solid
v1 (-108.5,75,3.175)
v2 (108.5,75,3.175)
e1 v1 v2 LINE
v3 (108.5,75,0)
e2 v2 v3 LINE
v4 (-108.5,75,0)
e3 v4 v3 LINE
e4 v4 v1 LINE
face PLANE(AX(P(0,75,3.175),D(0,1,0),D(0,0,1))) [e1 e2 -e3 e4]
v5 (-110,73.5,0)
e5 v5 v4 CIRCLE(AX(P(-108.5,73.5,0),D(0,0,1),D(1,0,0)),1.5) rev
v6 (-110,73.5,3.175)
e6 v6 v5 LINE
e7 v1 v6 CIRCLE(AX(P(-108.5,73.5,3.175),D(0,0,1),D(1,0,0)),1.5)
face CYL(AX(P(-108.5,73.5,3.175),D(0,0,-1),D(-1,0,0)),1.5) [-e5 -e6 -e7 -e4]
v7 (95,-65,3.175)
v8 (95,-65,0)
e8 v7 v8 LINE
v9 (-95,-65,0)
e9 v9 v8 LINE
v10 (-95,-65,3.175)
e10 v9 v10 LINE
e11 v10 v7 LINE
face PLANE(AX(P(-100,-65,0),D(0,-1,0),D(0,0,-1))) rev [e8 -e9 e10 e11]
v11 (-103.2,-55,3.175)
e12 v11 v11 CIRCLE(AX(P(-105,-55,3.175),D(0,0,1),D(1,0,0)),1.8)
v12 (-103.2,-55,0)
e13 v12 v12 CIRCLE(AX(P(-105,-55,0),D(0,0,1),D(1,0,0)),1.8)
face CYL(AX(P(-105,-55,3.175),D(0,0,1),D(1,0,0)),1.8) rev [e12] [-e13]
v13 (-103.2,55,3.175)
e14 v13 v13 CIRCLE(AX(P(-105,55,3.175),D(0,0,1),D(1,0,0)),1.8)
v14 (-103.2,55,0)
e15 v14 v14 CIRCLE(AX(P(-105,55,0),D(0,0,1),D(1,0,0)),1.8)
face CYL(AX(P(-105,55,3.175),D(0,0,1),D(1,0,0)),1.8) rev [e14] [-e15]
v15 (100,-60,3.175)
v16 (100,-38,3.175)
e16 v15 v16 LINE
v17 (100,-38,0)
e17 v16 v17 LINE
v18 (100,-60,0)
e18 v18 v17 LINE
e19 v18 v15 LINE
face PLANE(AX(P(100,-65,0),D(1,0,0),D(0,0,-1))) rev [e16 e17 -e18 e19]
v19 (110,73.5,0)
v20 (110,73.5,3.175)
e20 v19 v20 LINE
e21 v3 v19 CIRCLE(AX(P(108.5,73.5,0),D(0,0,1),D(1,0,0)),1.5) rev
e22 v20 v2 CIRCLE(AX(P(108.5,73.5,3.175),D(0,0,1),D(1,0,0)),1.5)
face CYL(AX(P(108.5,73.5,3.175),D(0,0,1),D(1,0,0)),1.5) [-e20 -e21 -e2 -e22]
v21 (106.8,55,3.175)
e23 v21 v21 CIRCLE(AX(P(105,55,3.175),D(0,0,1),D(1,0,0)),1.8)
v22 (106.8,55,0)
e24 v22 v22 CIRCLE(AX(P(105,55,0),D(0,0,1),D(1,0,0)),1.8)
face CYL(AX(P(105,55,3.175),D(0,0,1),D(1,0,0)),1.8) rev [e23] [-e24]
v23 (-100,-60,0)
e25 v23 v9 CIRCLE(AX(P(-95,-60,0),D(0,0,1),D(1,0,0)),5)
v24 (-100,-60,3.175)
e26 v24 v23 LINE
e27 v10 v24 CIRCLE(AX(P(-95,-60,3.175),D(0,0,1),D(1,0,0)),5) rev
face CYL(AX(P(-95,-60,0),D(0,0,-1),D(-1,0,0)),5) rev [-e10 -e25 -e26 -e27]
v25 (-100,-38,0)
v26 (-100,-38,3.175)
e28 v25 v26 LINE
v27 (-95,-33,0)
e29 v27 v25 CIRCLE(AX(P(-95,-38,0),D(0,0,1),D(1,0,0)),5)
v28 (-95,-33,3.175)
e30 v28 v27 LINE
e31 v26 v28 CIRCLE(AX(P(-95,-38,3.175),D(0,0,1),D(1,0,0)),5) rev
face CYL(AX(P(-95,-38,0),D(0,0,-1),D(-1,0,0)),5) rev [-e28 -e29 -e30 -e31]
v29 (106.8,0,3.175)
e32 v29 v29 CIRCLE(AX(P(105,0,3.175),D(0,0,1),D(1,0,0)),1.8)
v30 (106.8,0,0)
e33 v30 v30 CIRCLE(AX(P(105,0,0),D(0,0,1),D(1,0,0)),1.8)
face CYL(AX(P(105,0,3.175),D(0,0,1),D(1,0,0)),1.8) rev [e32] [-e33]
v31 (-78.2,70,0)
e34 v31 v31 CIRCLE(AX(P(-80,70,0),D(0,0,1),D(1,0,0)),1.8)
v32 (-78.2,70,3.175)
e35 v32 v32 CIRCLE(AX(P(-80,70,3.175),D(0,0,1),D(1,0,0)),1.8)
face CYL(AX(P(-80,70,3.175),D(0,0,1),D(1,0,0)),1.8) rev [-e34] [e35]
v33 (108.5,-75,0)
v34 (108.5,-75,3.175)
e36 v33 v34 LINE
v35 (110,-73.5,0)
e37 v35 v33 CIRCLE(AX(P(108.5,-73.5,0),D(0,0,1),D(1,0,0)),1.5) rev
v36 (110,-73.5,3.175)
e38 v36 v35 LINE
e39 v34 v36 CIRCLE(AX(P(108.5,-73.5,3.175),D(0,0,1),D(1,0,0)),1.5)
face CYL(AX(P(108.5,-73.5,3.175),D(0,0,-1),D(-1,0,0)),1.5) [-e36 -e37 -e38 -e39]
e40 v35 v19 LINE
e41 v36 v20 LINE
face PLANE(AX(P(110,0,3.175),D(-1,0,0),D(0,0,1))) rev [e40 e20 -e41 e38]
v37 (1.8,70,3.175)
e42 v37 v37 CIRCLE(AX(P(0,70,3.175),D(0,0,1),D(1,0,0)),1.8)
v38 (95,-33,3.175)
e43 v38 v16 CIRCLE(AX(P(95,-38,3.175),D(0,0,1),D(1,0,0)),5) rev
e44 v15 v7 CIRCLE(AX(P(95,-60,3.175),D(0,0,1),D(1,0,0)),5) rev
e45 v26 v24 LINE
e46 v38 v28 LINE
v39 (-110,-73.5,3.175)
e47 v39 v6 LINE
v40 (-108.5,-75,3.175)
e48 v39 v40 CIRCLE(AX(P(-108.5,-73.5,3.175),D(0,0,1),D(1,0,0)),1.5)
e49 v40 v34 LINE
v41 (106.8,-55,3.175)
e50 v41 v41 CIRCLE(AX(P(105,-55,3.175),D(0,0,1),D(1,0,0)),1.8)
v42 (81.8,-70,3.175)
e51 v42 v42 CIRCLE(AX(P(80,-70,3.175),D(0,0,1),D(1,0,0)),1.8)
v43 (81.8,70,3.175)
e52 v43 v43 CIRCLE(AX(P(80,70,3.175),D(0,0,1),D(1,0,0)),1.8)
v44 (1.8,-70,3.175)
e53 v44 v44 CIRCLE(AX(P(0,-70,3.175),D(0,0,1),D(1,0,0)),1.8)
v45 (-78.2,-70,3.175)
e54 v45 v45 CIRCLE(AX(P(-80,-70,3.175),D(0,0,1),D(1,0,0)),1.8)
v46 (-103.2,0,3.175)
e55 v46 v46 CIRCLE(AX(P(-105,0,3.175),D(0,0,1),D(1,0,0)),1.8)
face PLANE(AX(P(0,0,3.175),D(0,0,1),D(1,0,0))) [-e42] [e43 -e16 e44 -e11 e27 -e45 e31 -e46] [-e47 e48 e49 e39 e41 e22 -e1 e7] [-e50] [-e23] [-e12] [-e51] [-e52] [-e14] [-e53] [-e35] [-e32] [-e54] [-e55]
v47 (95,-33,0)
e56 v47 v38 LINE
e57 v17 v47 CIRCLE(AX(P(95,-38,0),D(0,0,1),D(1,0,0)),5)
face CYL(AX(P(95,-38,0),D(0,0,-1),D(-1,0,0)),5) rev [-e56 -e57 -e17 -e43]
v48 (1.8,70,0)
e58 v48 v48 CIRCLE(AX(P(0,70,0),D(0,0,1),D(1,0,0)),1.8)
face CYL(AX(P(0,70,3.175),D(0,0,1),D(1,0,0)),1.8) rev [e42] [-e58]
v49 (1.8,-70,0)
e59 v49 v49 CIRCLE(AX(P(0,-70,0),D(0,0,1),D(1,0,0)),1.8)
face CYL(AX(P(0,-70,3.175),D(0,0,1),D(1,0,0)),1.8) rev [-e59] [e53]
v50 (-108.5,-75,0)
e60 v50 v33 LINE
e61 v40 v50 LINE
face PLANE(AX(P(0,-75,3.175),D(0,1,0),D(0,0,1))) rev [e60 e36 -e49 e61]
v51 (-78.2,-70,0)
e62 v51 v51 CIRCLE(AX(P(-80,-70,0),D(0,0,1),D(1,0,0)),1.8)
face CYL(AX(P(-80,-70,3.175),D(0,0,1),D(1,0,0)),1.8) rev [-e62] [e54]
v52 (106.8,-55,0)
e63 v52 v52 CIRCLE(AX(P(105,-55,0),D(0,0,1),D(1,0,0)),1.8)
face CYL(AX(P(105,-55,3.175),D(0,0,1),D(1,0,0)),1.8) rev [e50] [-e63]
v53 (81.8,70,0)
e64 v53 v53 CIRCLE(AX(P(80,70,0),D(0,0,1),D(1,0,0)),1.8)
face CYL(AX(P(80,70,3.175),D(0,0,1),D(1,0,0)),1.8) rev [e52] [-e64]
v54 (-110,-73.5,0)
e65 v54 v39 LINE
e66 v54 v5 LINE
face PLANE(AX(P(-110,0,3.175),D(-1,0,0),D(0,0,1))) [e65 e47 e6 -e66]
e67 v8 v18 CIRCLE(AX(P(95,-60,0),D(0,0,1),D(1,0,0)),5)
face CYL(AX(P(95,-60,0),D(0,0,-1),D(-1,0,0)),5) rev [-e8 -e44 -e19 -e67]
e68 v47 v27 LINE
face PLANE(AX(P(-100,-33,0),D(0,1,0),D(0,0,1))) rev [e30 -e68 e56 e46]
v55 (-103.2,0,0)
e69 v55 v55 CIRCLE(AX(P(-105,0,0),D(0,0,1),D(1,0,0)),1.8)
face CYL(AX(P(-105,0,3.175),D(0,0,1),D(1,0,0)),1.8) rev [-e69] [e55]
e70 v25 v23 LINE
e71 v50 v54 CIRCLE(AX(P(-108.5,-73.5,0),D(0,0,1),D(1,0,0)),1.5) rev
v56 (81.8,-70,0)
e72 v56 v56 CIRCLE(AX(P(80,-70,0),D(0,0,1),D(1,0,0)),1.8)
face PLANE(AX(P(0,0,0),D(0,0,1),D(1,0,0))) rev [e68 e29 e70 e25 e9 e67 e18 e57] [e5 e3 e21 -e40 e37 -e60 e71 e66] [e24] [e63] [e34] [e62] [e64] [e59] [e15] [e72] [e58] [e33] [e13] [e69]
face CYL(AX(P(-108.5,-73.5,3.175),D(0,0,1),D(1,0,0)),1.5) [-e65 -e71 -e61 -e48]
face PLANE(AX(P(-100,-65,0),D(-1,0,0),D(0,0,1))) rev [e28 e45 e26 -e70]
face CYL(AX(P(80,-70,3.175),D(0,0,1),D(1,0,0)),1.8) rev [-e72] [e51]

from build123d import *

# Parameters (mm, degrees)
SKETCH1_W            = 220
SKETCH1_H            = 150
BOSS_EXTRUDE1_DEPTH  = 3.175
M3_CLEARANCE_HOLE1_D = 3.6
SKETCH4_W            = 10
SKETCH4_H            = 10
BOSS_EXTRUDE2_DEPTH  = 3.175
FILLET2_R            = 1.5
SKETCH5_W            = 200
SKETCH5_H            = 32
CUT_EXTRUDE1_DEPTH   = 4.175
FILLET3_R            = 5


with BuildPart() as part:
    # Sketch1 → Boss-Extrude1 (new body)
    with BuildSketch(Plane.XY):
        Rectangle(SKETCH1_W, SKETCH1_H)
    extrude(amount=BOSS_EXTRUDE1_DEPTH)

    # M3 Clearance Hole1 (through all)
    with Locations(Plane.XY.offset(3.175)):
        with Locations((0, 0), (-80, 70), (80, 70), (0, 70), (-105, 55), (-105, 0), (-105, -55), (-80, -70), (0, -70), (80, -70), (105, -55), (105, 0), (105, 55)):
            Hole(M3_CLEARANCE_HOLE1_D / 2)

    # Sketch4 → Boss-Extrude2 (add, through all)
    with BuildSketch(Plane.XY.offset(3.175)):
        Rectangle(SKETCH4_W, SKETCH4_H)
    extrude(amount=-BOSS_EXTRUDE2_DEPTH)

    # Fillet2
    fillet2_edges = [part.edges().sort_by_distance(p)[0] for p in [
        (-110, -75, 1.5875),
        (-110, 75, 1.5875),
        (110, 75, 1.5875),
        (110, -75, 1.5875),
    ]]
    fillet(fillet2_edges, radius=FILLET2_R)

    # Sketch5 → Cut-Extrude1 (cut, through all)
    with BuildSketch(Plane.XY.offset(3.175)):
        with Locations((0, -49)):
            Rectangle(SKETCH5_W, SKETCH5_H)
    extrude(amount=-CUT_EXTRUDE1_DEPTH, mode=Mode.SUBTRACT)

    # Fillet3
    fillet3_edges = [part.edges().sort_by_distance(p)[0] for p in [
        (100, -33, 1.5875),
        (100, -65, 1.5875),
        (-100, -65, 1.5875),
        (-100, -33, 1.5875),
    ]]
    fillet(fillet3_edges, radius=FILLET3_R)


solid = part.part
